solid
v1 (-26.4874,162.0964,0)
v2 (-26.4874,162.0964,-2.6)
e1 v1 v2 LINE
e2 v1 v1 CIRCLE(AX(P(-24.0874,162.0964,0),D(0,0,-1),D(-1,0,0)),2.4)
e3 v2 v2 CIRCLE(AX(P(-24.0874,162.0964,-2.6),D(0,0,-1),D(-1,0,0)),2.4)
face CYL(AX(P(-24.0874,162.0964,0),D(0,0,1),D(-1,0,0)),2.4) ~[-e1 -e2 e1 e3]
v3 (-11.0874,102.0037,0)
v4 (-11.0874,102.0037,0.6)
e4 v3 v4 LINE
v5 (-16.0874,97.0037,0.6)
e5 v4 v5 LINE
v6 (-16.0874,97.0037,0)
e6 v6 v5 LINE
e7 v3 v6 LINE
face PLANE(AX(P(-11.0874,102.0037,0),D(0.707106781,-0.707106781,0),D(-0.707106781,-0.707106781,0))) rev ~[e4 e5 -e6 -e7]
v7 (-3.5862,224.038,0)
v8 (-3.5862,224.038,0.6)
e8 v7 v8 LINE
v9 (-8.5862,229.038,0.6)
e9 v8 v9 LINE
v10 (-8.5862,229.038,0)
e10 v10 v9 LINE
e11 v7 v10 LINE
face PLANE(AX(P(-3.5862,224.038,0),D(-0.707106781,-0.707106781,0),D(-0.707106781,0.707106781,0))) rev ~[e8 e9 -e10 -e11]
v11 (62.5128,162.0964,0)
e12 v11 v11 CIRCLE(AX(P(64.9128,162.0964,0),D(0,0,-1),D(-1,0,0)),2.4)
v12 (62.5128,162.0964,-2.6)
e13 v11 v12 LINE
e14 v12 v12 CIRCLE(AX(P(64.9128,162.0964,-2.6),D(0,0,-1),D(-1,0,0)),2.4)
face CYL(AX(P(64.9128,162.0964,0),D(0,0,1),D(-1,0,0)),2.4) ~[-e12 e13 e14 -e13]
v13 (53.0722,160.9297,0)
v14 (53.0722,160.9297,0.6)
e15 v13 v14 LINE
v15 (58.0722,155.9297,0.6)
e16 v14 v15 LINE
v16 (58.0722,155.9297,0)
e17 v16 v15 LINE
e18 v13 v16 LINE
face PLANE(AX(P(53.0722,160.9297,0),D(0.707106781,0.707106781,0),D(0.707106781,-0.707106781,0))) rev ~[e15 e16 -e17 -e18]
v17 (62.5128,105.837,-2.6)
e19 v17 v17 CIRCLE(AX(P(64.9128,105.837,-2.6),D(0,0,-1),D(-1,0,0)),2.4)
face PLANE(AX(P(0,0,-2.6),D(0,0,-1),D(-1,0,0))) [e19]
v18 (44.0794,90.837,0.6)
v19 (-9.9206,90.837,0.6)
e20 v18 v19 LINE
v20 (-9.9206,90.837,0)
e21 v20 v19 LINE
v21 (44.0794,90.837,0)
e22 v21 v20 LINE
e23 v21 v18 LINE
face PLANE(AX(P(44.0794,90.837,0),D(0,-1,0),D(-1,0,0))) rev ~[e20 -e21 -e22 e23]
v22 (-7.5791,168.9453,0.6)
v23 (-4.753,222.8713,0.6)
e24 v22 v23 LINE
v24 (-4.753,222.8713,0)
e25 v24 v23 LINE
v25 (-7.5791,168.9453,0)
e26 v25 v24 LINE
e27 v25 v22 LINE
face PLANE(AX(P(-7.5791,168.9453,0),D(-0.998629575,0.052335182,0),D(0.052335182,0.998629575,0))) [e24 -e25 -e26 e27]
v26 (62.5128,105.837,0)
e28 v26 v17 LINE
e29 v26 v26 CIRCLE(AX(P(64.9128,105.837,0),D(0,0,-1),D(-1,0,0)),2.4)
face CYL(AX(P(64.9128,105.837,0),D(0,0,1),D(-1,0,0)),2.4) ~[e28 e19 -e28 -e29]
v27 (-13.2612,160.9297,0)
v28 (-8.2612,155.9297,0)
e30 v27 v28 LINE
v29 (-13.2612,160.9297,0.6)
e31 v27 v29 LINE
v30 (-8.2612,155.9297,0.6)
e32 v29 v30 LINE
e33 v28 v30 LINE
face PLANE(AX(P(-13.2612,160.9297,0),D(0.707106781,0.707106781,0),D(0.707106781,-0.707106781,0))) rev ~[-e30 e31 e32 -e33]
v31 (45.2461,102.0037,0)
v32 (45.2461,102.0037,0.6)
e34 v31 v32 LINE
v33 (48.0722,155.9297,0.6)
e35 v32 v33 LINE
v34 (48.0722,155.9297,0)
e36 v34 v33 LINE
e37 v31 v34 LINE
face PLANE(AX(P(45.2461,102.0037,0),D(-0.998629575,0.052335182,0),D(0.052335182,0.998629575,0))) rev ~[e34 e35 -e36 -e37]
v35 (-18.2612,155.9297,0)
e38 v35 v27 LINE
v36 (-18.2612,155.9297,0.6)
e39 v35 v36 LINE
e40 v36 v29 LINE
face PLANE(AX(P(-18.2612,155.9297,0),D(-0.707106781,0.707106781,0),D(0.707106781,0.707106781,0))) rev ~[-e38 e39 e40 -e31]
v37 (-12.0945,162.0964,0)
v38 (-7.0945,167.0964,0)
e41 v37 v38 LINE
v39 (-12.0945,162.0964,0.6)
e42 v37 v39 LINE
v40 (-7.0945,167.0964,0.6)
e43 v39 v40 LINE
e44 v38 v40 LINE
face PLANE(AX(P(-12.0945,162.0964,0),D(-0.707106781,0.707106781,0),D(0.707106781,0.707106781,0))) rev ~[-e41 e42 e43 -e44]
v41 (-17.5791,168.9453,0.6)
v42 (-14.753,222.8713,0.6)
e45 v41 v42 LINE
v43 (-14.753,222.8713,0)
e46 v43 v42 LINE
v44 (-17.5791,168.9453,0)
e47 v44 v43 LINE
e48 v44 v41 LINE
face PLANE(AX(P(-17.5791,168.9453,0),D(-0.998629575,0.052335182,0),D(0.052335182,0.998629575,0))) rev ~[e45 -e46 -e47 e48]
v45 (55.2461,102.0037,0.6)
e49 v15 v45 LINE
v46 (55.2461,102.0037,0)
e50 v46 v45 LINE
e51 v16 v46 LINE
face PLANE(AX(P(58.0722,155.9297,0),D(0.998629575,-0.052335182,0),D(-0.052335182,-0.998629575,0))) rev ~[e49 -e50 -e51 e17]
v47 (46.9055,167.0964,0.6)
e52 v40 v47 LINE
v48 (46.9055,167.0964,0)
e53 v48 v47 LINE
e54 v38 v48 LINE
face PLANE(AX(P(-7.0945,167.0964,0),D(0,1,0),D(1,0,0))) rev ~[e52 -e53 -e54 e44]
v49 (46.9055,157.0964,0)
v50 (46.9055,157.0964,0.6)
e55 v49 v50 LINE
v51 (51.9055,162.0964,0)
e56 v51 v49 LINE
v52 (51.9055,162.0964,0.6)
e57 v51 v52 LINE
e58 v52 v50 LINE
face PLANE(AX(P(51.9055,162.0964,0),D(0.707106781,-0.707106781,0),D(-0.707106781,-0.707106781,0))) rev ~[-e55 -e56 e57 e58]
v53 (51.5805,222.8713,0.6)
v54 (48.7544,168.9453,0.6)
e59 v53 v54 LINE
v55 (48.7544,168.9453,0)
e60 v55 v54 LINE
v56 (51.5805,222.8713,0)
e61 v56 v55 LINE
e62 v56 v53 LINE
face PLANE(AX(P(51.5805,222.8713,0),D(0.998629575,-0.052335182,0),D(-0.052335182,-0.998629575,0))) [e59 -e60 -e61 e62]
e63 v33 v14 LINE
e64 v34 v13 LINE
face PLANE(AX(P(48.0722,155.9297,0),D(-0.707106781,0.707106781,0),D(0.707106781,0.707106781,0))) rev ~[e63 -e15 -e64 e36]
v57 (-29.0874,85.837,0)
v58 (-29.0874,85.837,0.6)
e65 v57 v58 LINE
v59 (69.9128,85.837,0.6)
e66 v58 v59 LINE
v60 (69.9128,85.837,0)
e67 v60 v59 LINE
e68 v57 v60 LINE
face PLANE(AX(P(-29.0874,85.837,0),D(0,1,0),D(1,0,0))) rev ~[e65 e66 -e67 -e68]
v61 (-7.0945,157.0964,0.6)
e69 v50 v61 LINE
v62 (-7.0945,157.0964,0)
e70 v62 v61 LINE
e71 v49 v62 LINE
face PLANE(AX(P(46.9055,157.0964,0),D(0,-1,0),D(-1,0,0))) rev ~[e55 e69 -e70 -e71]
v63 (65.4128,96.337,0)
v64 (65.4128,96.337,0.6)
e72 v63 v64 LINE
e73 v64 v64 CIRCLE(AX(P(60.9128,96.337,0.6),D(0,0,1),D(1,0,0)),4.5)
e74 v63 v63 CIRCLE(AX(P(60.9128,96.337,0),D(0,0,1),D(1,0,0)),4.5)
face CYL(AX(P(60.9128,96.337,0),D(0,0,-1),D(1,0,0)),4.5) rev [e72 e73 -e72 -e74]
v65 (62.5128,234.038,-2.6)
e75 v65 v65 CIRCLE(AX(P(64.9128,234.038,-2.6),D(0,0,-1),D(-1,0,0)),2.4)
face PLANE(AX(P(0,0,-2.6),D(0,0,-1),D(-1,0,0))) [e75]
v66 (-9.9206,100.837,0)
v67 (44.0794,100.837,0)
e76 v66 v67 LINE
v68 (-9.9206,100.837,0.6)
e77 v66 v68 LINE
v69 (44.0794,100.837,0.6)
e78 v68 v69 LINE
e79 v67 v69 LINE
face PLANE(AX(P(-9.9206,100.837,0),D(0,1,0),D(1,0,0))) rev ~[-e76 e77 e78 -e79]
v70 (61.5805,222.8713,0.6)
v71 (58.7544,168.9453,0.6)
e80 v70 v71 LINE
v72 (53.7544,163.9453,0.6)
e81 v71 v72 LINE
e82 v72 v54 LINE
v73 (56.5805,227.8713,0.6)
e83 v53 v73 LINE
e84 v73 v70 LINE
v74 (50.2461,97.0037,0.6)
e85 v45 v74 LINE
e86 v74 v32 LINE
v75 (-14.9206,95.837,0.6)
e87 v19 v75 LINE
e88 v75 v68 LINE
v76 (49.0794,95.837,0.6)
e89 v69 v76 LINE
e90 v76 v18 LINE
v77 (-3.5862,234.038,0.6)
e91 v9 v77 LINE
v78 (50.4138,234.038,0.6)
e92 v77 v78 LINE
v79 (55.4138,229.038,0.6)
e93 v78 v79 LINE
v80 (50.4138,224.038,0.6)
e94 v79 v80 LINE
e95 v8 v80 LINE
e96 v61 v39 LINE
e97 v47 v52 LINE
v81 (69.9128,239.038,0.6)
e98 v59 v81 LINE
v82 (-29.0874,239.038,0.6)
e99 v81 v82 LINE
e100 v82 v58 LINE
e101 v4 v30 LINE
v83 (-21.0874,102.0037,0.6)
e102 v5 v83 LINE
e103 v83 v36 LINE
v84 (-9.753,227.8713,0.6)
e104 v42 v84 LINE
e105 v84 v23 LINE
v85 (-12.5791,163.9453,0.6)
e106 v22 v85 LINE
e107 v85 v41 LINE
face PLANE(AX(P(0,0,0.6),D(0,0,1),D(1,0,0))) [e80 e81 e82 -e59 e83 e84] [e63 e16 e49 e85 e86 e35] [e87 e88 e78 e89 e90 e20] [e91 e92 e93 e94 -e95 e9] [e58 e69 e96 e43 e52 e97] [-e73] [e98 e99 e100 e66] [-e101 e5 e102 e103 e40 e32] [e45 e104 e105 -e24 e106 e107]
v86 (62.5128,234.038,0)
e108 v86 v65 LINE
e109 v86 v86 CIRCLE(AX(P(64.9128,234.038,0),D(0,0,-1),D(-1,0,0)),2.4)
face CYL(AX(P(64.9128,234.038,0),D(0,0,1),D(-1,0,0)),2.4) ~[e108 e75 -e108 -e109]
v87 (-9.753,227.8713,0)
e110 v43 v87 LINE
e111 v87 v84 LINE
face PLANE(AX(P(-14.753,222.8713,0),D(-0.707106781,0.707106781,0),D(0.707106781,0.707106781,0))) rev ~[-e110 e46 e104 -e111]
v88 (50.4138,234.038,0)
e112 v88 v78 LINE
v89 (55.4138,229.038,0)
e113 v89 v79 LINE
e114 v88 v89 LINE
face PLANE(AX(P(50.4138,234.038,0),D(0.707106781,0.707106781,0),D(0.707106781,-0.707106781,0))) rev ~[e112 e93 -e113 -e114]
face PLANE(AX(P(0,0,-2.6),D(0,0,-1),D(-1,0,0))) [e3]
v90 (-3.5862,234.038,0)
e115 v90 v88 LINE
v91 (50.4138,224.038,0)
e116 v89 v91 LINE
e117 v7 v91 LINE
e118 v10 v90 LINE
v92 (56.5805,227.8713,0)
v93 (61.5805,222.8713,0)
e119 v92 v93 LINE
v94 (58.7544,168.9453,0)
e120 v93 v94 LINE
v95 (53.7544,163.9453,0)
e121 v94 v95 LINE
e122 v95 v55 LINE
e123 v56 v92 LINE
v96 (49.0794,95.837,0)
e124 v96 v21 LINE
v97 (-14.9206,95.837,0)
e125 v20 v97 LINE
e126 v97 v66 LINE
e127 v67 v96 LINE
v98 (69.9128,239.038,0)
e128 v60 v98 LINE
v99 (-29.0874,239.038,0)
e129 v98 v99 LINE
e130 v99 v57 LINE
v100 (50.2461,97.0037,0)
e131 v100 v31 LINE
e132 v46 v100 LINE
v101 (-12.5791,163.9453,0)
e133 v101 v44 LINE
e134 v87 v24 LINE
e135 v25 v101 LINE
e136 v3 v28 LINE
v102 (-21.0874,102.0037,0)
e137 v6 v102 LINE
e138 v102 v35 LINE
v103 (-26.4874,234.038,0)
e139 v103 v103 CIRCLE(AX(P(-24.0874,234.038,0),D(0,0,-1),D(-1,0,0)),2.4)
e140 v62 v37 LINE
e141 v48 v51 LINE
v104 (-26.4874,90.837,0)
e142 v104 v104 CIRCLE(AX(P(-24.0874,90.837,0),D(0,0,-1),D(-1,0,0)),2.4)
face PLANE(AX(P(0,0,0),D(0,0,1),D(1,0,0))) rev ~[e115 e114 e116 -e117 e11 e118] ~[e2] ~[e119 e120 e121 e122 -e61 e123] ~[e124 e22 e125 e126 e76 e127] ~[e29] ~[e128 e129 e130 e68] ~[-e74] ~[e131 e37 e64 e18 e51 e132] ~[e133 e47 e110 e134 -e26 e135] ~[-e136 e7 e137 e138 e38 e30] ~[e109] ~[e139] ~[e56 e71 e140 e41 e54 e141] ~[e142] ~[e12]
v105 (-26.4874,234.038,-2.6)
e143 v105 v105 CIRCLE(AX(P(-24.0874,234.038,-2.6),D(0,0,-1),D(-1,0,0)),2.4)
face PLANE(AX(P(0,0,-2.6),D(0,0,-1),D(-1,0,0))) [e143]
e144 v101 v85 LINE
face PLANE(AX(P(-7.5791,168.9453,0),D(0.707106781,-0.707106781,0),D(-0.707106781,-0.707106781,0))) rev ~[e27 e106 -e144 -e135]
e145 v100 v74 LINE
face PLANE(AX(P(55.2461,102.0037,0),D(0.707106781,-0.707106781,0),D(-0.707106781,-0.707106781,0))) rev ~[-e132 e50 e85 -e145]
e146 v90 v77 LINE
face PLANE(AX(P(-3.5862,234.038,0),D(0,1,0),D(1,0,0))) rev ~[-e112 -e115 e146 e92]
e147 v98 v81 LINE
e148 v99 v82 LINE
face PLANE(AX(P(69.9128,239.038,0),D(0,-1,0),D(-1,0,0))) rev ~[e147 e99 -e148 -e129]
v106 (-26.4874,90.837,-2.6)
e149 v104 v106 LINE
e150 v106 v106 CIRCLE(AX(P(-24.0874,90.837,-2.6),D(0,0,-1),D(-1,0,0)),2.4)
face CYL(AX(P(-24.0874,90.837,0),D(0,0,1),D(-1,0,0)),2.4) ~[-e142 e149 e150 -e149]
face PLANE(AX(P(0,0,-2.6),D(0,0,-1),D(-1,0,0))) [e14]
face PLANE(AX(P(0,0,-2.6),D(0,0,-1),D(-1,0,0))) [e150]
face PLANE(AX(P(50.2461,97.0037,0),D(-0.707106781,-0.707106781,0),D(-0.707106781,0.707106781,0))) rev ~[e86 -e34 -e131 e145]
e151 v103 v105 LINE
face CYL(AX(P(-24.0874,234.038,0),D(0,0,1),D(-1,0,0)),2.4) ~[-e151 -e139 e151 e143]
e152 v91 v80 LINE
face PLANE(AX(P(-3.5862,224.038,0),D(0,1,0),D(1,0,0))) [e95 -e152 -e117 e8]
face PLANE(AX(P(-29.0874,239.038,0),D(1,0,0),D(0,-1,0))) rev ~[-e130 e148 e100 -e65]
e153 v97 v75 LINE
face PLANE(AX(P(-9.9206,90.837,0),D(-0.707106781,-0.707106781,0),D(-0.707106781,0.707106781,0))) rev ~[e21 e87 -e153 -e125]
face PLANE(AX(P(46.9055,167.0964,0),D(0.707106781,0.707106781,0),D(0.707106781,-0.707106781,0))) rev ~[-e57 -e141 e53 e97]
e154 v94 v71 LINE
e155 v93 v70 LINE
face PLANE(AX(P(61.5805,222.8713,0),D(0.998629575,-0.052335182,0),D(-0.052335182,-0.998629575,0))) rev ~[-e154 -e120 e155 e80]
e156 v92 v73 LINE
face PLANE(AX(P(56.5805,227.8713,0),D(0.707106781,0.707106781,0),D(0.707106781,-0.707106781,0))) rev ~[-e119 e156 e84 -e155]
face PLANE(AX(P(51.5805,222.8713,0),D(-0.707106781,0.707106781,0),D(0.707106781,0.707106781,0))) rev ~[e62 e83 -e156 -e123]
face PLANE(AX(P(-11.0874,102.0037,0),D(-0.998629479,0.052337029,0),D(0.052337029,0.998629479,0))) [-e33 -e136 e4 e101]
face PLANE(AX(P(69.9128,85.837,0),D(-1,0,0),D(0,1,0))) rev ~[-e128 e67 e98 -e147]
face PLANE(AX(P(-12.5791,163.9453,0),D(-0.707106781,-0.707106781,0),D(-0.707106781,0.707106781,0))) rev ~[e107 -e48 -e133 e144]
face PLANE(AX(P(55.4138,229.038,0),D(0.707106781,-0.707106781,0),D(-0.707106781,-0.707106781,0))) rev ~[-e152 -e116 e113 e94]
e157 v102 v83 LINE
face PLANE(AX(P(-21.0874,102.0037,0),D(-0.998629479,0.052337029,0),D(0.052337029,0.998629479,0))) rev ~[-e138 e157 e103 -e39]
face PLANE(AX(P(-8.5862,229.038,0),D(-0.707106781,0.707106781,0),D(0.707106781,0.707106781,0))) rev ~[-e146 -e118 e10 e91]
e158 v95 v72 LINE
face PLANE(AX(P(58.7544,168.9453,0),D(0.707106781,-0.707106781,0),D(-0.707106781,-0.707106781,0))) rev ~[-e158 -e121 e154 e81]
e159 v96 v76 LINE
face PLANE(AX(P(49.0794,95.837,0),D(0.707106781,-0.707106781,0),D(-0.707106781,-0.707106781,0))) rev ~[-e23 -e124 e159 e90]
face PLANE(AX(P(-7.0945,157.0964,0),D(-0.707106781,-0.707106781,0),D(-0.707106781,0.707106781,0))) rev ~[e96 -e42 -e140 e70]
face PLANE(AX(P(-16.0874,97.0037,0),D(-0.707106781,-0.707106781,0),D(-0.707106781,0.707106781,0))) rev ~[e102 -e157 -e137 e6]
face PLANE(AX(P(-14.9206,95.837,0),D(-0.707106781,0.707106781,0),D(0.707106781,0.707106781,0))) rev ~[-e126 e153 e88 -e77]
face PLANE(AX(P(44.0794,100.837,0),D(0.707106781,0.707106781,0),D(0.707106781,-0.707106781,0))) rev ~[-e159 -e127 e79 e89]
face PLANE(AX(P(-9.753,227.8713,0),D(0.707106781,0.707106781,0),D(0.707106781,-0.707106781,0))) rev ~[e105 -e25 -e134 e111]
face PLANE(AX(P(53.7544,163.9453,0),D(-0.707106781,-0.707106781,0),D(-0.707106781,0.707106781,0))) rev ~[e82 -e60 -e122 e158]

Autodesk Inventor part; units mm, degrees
ref_plane "YZ Plane" through (0, 0, 0) normal (1, 0, 0) x (0, 1, 0)
ref_plane "XZ Plane" through (0, 0, 0) normal (0, 1, 0) x (-1, 0, 0)
ref_plane "XY Plane" through (0, 0, 0) normal (0, 0, 1) x (1, 0, 0)
sketch "Skizze1" plane through (0, 0, 0) normal (0, 0, 1) x (1, 0, 0)
  line L0 (-29.0874, 239.038) -> (-29.0874, 85.837) projected
  line L1 (-29.0874, 85.837) -> (69.9128, 85.837) projected
  line L2 (-21.0874, 102.0037) -> (-18.2612, 155.9297) projected
  line L3 (-16.0874, 97.0037) -> (-21.0874, 102.0037) projected
  line L4 (-11.0874, 102.0037) -> (-16.0874, 97.0037) projected
  line L5 (-18.2612, 155.9297) -> (-13.2612, 160.9297) projected
  line L6 (-13.2612, 160.9297) -> (-8.2612, 155.9297) projected
  line L7 (44.0794, 90.837) -> (-9.9206, 90.837) projected
  line L8 (-9.9206, 90.837) -> (-14.9206, 95.837) projected
  line L9 (-14.9206, 95.837) -> (-9.9206, 100.837) projected
  line L10 (49.0794, 95.837) -> (44.0794, 90.837) projected
  line L11 (44.0794, 100.837) -> (49.0794, 95.837) projected
  line L12 (-9.9206, 100.837) -> (44.0794, 100.837)
  line L13 (-11.0874, 102.0037) -> (-8.2612, 155.9297)
  line L14 (-17.5791, 168.9453) -> (-14.753, 222.8713) projected
  line L15 (-12.5791, 163.9453) -> (-17.5791, 168.9453) projected
  line L16 (-7.5791, 168.9453) -> (-12.5791, 163.9453) projected
  line L17 (-14.753, 222.8713) -> (-9.753, 227.8713) projected
  line L18 (-9.753, 227.8713) -> (-4.753, 222.8713) projected
  line L19 (-3.5862, 224.038) -> (-8.5862, 229.038) projected
  line L20 (-8.5862, 229.038) -> (-3.5862, 234.038) projected
  line L21 (-3.5862, 234.038) -> (50.4138, 234.038) projected
  line L22 (50.4138, 234.038) -> (55.4138, 229.038) projected
  line L23 (55.4138, 229.038) -> (50.4138, 224.038) projected
  line L24 (51.5805, 222.8713) -> (56.5805, 227.8713) projected
  line L25 (56.5805, 227.8713) -> (61.5805, 222.8713) projected
  line L26 (61.5805, 222.8713) -> (58.7544, 168.9453) projected
  line L27 (58.7544, 168.9453) -> (53.7544, 163.9453) projected
  line L28 (53.7544, 163.9453) -> (48.7544, 168.9453) projected
  line L29 (-7.0945, 157.0964) -> (-12.0945, 162.0964) projected
  line L30 (-12.0945, 162.0964) -> (-7.0945, 167.0964) projected
  line L31 (-7.0945, 167.0964) -> (46.9055, 167.0964) projected
  line L32 (46.9055, 167.0964) -> (51.9055, 162.0964) projected
  line L33 (51.9055, 162.0964) -> (46.9055, 157.0964) projected
  line L34 (48.0722, 155.9297) -> (53.0722, 160.9297) projected
  line L35 (53.0722, 160.9297) -> (58.0722, 155.9297) projected
  line L36 (58.0722, 155.9297) -> (55.2461, 102.0037) projected
  line L37 (55.2461, 102.0037) -> (50.2461, 97.0037) projected
  line L38 (50.2461, 97.0037) -> (45.2461, 102.0037) projected
  line L39 (64.7975, 88.9856) -> (50.5282, 88.9856) construction
  line L40 (56.4128, 100.837) -> (66.9128, 100.837) construction
  line L41 (66.9128, 100.837) -> (66.9128, 90.837) construction
  line L42 (48.4128, 88.9856) -> (48.4128, 90.837) construction
  circle A0 centre (60.9128, 96.337) radius 4.5
  line L43 (45.2461, 102.0037) -> (48.0722, 155.9297)
  line L44 (46.9055, 157.0964) -> (-7.0945, 157.0964)
  line L45 (-7.5791, 168.9453) -> (-4.753, 222.8713)
  line L46 (-3.5862, 224.038) -> (50.4138, 224.038)
  line L47 (51.5805, 222.8713) -> (48.7544, 168.9453)
  line L48 (69.9128, 239.038) -> (-29.0874, 239.038) projected
  line L49 (69.9128, 85.837) -> (69.9128, 239.038) projected
  point P0 (0, 0)
  dimension "d2" = 9
  dimension "d3" = 4.5
  dimension "d4" = 4.5
extrude "Extrusion2" add sketch "Skizze1" along normal blind 0.6
sketch "Skizze2" plane through (0, 0, 0) normal (0, 0, -1) x (-1, 0, 0)
  circle A0 centre (-64.9128, 162.0964) radius 2.4
  circle A1 centre (-64.9128, 234.038) radius 2.4
  circle A2 centre (24.0874, 234.038) radius 2.4
  circle A3 centre (24.0874, 162.0964) radius 2.4
  circle A4 centre (24.0874, 90.837) radius 2.4
  circle A5 centre (-64.9128, 105.837) radius 2.4
  circle A6 centre (-64.9128, 234.038) radius 2.5 projected
  circle A7 centre (24.0874, 234.038) radius 2.5 projected
  circle A8 centre (24.0874, 162.0964) radius 2.5 projected
  circle A9 centre (24.0874, 90.837) radius 2.5 projected
  circle A10 centre (-64.9128, 162.0964) radius 2.5 projected
  circle A11 centre (-64.9128, 105.837) radius 2.5 projected
  point P0 (0, 0)
  dimension "d7" = 4.8
  dimension "d8" = 4.8
  dimension "d9" = 4.8
  dimension "d10" = 4.8
  dimension "d11" = 4.8
  dimension "d14" = 4.8
extrude "Extrusion3" add sketch "Skizze2" along normal blind 2.6 contours A0 | A1 | A2 | A3 | A4 | A5
ref_plane "Arbeitsebene1" through (20.4127, 47.5501, -21.1283) normal (0, 0, -1) x (-1, 0, 0)
equation "\"d4\" = d3"
equation "\"d8\" = d7"
equation "\"d9\" = d7"
equation "\"d10\" = d7"
equation "\"d11\" = d7"
equation "\"d14\" = d7"
properties part number "Cover_V2"
